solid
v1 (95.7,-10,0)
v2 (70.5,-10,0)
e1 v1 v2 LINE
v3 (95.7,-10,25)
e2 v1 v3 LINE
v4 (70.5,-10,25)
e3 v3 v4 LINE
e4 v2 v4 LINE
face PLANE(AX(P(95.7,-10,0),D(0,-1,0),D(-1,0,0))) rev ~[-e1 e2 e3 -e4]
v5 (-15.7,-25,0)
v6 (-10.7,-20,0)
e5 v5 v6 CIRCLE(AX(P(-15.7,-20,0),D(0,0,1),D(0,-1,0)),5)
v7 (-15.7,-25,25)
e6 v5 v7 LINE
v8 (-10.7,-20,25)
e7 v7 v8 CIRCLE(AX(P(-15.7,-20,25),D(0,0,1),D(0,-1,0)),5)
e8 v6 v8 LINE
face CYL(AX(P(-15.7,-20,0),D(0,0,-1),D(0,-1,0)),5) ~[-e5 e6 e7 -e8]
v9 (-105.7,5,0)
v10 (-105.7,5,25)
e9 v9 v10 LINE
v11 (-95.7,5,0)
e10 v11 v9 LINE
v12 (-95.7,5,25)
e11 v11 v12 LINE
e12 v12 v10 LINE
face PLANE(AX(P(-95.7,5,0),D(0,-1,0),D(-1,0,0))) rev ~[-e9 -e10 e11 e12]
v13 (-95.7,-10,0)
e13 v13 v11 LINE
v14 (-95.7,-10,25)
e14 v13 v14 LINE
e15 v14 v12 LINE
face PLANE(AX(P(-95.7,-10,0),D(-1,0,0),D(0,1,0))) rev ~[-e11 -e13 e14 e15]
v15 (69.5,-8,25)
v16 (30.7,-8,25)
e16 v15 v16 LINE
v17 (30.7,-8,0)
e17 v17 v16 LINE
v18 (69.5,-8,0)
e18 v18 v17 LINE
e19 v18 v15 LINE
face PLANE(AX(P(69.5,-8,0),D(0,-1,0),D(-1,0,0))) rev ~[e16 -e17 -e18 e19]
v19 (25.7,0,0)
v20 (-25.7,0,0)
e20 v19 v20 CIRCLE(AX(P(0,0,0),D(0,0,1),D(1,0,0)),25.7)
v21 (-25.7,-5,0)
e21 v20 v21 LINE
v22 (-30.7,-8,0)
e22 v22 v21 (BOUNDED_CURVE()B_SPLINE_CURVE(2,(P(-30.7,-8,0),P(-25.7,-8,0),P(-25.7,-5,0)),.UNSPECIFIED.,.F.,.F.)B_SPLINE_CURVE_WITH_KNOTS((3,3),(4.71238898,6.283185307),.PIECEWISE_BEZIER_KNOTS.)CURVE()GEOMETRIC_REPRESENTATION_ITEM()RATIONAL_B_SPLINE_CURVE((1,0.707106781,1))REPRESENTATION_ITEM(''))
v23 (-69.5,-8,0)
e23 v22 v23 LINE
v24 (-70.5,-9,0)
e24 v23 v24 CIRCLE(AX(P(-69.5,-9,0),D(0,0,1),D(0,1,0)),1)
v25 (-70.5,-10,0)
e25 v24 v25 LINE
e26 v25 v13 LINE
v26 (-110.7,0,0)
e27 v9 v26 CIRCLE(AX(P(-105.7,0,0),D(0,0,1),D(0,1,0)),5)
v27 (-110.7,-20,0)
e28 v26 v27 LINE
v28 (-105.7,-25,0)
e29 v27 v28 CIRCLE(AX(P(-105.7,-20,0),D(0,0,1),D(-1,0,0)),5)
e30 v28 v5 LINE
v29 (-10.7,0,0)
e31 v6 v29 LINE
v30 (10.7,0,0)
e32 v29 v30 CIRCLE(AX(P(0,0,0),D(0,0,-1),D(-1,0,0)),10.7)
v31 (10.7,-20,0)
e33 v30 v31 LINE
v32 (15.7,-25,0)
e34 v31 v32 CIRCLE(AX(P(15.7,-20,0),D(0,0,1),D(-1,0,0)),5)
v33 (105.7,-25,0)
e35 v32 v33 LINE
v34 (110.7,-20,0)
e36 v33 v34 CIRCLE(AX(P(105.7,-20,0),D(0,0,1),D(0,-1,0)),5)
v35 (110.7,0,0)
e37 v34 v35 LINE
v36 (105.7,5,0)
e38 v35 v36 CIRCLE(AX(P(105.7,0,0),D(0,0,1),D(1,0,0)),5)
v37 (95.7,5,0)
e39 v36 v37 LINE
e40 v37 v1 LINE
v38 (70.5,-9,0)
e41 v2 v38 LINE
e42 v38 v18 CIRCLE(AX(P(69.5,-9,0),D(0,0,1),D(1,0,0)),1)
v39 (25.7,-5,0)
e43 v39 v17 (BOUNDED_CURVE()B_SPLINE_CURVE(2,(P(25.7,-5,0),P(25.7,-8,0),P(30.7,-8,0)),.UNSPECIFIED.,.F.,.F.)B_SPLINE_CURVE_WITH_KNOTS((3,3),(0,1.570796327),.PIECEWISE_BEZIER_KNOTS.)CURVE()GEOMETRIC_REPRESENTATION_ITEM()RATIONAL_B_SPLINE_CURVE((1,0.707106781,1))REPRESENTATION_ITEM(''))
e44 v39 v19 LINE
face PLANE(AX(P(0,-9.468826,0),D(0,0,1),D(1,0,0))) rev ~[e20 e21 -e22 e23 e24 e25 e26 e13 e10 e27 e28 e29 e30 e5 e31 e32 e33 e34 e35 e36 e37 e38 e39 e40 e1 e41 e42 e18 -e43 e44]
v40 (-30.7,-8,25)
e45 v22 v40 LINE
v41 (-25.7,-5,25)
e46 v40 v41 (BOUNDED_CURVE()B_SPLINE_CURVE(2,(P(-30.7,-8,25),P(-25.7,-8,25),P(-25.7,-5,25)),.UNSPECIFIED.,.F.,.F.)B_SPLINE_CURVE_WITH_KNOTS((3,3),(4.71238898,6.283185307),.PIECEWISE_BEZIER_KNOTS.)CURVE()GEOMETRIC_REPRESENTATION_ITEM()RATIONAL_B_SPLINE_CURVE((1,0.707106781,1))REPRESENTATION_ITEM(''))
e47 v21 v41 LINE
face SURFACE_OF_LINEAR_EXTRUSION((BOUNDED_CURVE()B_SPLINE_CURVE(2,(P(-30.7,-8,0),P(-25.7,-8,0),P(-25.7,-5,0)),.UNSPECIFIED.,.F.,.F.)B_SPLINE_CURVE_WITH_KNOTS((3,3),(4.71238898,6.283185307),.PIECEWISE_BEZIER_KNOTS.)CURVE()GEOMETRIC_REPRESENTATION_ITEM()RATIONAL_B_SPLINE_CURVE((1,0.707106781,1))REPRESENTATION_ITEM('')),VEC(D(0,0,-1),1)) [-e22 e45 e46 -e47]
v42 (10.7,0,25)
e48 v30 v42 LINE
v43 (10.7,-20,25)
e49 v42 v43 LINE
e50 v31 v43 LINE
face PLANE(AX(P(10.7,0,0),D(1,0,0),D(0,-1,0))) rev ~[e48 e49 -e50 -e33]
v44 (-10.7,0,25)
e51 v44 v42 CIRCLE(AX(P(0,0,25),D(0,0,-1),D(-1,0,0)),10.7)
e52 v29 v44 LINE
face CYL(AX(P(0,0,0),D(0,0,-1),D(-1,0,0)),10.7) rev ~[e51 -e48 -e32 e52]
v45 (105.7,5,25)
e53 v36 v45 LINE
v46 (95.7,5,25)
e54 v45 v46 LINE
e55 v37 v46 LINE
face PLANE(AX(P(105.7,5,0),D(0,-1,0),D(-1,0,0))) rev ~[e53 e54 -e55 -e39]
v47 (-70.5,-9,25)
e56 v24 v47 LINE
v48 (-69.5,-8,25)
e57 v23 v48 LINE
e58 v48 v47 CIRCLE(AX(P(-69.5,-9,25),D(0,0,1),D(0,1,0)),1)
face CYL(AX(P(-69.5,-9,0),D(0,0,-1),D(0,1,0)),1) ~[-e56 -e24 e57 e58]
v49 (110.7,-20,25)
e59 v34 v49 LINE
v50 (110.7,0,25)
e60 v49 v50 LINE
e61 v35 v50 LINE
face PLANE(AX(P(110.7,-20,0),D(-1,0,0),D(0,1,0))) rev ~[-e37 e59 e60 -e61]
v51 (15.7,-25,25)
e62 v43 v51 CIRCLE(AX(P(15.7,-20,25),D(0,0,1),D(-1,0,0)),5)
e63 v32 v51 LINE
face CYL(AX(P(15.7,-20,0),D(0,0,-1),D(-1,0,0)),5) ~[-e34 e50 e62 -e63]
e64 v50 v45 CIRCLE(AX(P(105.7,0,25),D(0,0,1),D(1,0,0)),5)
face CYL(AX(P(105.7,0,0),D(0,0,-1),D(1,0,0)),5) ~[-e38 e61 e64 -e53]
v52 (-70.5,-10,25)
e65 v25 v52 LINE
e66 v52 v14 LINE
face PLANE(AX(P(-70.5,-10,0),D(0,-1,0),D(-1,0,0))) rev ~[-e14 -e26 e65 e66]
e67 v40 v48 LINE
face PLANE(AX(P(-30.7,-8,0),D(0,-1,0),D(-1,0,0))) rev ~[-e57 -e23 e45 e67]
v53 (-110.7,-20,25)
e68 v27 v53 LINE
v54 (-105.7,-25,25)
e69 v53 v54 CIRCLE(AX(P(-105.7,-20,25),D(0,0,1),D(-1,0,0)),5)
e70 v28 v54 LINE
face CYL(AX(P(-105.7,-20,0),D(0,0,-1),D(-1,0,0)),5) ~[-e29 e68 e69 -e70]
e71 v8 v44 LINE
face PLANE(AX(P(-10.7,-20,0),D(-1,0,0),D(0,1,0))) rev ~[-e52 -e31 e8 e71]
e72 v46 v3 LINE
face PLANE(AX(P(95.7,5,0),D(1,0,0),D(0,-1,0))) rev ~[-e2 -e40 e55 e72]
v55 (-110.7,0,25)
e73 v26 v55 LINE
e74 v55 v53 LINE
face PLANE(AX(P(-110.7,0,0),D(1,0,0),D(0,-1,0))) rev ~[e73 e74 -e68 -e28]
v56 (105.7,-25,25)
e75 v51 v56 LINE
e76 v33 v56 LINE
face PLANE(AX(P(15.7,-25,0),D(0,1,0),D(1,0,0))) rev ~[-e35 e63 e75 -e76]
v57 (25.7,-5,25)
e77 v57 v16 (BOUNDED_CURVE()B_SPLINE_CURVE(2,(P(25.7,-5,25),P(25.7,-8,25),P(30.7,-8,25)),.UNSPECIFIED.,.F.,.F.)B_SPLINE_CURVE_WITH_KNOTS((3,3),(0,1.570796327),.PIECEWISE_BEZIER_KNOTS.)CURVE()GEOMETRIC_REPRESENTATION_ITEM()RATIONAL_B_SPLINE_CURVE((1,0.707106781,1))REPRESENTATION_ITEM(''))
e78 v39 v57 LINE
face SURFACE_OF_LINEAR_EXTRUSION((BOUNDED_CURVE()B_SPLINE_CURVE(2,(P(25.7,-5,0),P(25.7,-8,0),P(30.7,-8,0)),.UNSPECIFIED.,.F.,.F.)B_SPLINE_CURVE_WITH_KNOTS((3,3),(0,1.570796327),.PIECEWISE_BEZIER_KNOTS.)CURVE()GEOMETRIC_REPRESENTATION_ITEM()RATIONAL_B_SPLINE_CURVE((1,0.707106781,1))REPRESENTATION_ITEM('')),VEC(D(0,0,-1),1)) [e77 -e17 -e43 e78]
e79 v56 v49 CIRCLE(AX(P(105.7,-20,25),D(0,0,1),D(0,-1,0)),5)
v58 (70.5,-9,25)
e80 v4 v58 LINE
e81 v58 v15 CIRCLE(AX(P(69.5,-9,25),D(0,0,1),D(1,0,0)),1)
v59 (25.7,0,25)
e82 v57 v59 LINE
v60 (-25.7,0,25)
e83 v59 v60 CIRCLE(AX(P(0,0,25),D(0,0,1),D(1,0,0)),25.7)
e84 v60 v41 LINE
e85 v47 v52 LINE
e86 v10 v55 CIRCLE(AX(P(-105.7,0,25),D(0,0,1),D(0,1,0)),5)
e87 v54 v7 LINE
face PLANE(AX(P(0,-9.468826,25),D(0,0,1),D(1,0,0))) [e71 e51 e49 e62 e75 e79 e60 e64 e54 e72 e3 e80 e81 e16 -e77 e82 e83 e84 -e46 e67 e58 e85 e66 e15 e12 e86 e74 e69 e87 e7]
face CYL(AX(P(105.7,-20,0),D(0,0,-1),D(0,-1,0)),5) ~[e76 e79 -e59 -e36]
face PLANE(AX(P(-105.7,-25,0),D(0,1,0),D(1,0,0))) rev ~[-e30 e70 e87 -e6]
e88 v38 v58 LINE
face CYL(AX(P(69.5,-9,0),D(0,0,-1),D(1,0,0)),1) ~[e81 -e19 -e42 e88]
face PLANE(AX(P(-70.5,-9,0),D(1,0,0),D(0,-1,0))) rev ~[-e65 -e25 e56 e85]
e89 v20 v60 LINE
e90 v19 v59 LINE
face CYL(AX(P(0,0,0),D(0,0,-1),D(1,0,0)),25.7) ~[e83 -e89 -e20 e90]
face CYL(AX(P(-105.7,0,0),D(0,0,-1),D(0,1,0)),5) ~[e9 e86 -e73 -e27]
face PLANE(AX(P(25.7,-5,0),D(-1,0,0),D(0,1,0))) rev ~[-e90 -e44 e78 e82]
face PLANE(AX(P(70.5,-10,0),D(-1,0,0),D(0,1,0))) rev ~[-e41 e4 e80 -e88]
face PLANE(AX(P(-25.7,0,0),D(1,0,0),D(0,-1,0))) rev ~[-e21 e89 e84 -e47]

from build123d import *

# Parameters (mm, degrees)
F1_DEPTH = 25


with BuildPart() as f1:
    # F0 (on Top) → F1 (new body)
    with BuildSketch(Plane.XY):
        with BuildLine():
            ThreePointArc((-10.7, 0), (0, 10.7), (10.7, 0))
            Line((10.7, 0), (10.7, -20))
            ThreePointArc((10.7, -20), (12.1644660941, -23.5355339059), (15.7, -25))
            Line((15.7, -25), (105.7, -25))
            ThreePointArc((105.7, -25), (109.2355339059, -23.5355339059), (110.7, -20))
            Line((110.7, -20), (110.7, -10))
            Line((110.7, -10), (110.7, 0))
            ThreePointArc((110.7, 0), (109.2355339059, 3.5355339059), (105.7, 5))
            Line((105.7, 5), (95.7, 5))
            Line((95.7, 5), (95.7, -10))
            Line((95.7, -10), (70.5, -10))
            Line((70.5, -10), (70.5, -9))
            ThreePointArc((70.5, -9), (70.2071067812, -8.2928932188), (69.5, -8))
            Line((69.5, -8), (30.7, -8))
            add(Edge.make_bspline(
                [(25.7, -5), (25.7, -8), (30.7, -8)],
                knots=[0, 0, 0, 1.5707963268, 1.5707963268, 1.5707963268], degree=2, weights=[1, 0.7071067812, 1]))
            Line((25.7, -5), (25.7, 0))
            ThreePointArc((25.7, 0), (0, 25.7), (-25.7, 0))
            Line((-25.7, 0), (-25.7, -5))
            add(Edge.make_bspline(
                [(-30.7, -8), (-25.7, -8), (-25.7, -5)],
                knots=[4.7123889804, 4.7123889804, 4.7123889804, 6.2831853072, 6.2831853072, 6.2831853072], degree=2, weights=[1, 0.7071067812, 1]))
            Line((-30.7, -8), (-69.5, -8))
            ThreePointArc((-69.5, -8), (-70.2071067812, -8.2928932188), (-70.5, -9))
            Line((-70.5, -9), (-70.5, -10))
            Line((-70.5, -10), (-95.7, -10))
            Line((-95.7, -10), (-95.7, 5))
            Line((-95.7, 5), (-105.7, 5))
            ThreePointArc((-105.7, 5), (-109.2355339059, 3.5355339059), (-110.7, 0))
            Line((-110.7, 0), (-110.7, -10))
            Line((-110.7, -10), (-110.7, -20))
            ThreePointArc((-110.7, -20), (-109.2355339059, -23.5355339059), (-105.7, -25))
            Line((-105.7, -25), (-15.7, -25))
            ThreePointArc((-15.7, -25), (-12.1644660941, -23.5355339059), (-10.7, -20))
            Line((-10.7, -20), (-10.7, 0))
        make_face()
    extrude(amount=F1_DEPTH)


solid = f1.part
